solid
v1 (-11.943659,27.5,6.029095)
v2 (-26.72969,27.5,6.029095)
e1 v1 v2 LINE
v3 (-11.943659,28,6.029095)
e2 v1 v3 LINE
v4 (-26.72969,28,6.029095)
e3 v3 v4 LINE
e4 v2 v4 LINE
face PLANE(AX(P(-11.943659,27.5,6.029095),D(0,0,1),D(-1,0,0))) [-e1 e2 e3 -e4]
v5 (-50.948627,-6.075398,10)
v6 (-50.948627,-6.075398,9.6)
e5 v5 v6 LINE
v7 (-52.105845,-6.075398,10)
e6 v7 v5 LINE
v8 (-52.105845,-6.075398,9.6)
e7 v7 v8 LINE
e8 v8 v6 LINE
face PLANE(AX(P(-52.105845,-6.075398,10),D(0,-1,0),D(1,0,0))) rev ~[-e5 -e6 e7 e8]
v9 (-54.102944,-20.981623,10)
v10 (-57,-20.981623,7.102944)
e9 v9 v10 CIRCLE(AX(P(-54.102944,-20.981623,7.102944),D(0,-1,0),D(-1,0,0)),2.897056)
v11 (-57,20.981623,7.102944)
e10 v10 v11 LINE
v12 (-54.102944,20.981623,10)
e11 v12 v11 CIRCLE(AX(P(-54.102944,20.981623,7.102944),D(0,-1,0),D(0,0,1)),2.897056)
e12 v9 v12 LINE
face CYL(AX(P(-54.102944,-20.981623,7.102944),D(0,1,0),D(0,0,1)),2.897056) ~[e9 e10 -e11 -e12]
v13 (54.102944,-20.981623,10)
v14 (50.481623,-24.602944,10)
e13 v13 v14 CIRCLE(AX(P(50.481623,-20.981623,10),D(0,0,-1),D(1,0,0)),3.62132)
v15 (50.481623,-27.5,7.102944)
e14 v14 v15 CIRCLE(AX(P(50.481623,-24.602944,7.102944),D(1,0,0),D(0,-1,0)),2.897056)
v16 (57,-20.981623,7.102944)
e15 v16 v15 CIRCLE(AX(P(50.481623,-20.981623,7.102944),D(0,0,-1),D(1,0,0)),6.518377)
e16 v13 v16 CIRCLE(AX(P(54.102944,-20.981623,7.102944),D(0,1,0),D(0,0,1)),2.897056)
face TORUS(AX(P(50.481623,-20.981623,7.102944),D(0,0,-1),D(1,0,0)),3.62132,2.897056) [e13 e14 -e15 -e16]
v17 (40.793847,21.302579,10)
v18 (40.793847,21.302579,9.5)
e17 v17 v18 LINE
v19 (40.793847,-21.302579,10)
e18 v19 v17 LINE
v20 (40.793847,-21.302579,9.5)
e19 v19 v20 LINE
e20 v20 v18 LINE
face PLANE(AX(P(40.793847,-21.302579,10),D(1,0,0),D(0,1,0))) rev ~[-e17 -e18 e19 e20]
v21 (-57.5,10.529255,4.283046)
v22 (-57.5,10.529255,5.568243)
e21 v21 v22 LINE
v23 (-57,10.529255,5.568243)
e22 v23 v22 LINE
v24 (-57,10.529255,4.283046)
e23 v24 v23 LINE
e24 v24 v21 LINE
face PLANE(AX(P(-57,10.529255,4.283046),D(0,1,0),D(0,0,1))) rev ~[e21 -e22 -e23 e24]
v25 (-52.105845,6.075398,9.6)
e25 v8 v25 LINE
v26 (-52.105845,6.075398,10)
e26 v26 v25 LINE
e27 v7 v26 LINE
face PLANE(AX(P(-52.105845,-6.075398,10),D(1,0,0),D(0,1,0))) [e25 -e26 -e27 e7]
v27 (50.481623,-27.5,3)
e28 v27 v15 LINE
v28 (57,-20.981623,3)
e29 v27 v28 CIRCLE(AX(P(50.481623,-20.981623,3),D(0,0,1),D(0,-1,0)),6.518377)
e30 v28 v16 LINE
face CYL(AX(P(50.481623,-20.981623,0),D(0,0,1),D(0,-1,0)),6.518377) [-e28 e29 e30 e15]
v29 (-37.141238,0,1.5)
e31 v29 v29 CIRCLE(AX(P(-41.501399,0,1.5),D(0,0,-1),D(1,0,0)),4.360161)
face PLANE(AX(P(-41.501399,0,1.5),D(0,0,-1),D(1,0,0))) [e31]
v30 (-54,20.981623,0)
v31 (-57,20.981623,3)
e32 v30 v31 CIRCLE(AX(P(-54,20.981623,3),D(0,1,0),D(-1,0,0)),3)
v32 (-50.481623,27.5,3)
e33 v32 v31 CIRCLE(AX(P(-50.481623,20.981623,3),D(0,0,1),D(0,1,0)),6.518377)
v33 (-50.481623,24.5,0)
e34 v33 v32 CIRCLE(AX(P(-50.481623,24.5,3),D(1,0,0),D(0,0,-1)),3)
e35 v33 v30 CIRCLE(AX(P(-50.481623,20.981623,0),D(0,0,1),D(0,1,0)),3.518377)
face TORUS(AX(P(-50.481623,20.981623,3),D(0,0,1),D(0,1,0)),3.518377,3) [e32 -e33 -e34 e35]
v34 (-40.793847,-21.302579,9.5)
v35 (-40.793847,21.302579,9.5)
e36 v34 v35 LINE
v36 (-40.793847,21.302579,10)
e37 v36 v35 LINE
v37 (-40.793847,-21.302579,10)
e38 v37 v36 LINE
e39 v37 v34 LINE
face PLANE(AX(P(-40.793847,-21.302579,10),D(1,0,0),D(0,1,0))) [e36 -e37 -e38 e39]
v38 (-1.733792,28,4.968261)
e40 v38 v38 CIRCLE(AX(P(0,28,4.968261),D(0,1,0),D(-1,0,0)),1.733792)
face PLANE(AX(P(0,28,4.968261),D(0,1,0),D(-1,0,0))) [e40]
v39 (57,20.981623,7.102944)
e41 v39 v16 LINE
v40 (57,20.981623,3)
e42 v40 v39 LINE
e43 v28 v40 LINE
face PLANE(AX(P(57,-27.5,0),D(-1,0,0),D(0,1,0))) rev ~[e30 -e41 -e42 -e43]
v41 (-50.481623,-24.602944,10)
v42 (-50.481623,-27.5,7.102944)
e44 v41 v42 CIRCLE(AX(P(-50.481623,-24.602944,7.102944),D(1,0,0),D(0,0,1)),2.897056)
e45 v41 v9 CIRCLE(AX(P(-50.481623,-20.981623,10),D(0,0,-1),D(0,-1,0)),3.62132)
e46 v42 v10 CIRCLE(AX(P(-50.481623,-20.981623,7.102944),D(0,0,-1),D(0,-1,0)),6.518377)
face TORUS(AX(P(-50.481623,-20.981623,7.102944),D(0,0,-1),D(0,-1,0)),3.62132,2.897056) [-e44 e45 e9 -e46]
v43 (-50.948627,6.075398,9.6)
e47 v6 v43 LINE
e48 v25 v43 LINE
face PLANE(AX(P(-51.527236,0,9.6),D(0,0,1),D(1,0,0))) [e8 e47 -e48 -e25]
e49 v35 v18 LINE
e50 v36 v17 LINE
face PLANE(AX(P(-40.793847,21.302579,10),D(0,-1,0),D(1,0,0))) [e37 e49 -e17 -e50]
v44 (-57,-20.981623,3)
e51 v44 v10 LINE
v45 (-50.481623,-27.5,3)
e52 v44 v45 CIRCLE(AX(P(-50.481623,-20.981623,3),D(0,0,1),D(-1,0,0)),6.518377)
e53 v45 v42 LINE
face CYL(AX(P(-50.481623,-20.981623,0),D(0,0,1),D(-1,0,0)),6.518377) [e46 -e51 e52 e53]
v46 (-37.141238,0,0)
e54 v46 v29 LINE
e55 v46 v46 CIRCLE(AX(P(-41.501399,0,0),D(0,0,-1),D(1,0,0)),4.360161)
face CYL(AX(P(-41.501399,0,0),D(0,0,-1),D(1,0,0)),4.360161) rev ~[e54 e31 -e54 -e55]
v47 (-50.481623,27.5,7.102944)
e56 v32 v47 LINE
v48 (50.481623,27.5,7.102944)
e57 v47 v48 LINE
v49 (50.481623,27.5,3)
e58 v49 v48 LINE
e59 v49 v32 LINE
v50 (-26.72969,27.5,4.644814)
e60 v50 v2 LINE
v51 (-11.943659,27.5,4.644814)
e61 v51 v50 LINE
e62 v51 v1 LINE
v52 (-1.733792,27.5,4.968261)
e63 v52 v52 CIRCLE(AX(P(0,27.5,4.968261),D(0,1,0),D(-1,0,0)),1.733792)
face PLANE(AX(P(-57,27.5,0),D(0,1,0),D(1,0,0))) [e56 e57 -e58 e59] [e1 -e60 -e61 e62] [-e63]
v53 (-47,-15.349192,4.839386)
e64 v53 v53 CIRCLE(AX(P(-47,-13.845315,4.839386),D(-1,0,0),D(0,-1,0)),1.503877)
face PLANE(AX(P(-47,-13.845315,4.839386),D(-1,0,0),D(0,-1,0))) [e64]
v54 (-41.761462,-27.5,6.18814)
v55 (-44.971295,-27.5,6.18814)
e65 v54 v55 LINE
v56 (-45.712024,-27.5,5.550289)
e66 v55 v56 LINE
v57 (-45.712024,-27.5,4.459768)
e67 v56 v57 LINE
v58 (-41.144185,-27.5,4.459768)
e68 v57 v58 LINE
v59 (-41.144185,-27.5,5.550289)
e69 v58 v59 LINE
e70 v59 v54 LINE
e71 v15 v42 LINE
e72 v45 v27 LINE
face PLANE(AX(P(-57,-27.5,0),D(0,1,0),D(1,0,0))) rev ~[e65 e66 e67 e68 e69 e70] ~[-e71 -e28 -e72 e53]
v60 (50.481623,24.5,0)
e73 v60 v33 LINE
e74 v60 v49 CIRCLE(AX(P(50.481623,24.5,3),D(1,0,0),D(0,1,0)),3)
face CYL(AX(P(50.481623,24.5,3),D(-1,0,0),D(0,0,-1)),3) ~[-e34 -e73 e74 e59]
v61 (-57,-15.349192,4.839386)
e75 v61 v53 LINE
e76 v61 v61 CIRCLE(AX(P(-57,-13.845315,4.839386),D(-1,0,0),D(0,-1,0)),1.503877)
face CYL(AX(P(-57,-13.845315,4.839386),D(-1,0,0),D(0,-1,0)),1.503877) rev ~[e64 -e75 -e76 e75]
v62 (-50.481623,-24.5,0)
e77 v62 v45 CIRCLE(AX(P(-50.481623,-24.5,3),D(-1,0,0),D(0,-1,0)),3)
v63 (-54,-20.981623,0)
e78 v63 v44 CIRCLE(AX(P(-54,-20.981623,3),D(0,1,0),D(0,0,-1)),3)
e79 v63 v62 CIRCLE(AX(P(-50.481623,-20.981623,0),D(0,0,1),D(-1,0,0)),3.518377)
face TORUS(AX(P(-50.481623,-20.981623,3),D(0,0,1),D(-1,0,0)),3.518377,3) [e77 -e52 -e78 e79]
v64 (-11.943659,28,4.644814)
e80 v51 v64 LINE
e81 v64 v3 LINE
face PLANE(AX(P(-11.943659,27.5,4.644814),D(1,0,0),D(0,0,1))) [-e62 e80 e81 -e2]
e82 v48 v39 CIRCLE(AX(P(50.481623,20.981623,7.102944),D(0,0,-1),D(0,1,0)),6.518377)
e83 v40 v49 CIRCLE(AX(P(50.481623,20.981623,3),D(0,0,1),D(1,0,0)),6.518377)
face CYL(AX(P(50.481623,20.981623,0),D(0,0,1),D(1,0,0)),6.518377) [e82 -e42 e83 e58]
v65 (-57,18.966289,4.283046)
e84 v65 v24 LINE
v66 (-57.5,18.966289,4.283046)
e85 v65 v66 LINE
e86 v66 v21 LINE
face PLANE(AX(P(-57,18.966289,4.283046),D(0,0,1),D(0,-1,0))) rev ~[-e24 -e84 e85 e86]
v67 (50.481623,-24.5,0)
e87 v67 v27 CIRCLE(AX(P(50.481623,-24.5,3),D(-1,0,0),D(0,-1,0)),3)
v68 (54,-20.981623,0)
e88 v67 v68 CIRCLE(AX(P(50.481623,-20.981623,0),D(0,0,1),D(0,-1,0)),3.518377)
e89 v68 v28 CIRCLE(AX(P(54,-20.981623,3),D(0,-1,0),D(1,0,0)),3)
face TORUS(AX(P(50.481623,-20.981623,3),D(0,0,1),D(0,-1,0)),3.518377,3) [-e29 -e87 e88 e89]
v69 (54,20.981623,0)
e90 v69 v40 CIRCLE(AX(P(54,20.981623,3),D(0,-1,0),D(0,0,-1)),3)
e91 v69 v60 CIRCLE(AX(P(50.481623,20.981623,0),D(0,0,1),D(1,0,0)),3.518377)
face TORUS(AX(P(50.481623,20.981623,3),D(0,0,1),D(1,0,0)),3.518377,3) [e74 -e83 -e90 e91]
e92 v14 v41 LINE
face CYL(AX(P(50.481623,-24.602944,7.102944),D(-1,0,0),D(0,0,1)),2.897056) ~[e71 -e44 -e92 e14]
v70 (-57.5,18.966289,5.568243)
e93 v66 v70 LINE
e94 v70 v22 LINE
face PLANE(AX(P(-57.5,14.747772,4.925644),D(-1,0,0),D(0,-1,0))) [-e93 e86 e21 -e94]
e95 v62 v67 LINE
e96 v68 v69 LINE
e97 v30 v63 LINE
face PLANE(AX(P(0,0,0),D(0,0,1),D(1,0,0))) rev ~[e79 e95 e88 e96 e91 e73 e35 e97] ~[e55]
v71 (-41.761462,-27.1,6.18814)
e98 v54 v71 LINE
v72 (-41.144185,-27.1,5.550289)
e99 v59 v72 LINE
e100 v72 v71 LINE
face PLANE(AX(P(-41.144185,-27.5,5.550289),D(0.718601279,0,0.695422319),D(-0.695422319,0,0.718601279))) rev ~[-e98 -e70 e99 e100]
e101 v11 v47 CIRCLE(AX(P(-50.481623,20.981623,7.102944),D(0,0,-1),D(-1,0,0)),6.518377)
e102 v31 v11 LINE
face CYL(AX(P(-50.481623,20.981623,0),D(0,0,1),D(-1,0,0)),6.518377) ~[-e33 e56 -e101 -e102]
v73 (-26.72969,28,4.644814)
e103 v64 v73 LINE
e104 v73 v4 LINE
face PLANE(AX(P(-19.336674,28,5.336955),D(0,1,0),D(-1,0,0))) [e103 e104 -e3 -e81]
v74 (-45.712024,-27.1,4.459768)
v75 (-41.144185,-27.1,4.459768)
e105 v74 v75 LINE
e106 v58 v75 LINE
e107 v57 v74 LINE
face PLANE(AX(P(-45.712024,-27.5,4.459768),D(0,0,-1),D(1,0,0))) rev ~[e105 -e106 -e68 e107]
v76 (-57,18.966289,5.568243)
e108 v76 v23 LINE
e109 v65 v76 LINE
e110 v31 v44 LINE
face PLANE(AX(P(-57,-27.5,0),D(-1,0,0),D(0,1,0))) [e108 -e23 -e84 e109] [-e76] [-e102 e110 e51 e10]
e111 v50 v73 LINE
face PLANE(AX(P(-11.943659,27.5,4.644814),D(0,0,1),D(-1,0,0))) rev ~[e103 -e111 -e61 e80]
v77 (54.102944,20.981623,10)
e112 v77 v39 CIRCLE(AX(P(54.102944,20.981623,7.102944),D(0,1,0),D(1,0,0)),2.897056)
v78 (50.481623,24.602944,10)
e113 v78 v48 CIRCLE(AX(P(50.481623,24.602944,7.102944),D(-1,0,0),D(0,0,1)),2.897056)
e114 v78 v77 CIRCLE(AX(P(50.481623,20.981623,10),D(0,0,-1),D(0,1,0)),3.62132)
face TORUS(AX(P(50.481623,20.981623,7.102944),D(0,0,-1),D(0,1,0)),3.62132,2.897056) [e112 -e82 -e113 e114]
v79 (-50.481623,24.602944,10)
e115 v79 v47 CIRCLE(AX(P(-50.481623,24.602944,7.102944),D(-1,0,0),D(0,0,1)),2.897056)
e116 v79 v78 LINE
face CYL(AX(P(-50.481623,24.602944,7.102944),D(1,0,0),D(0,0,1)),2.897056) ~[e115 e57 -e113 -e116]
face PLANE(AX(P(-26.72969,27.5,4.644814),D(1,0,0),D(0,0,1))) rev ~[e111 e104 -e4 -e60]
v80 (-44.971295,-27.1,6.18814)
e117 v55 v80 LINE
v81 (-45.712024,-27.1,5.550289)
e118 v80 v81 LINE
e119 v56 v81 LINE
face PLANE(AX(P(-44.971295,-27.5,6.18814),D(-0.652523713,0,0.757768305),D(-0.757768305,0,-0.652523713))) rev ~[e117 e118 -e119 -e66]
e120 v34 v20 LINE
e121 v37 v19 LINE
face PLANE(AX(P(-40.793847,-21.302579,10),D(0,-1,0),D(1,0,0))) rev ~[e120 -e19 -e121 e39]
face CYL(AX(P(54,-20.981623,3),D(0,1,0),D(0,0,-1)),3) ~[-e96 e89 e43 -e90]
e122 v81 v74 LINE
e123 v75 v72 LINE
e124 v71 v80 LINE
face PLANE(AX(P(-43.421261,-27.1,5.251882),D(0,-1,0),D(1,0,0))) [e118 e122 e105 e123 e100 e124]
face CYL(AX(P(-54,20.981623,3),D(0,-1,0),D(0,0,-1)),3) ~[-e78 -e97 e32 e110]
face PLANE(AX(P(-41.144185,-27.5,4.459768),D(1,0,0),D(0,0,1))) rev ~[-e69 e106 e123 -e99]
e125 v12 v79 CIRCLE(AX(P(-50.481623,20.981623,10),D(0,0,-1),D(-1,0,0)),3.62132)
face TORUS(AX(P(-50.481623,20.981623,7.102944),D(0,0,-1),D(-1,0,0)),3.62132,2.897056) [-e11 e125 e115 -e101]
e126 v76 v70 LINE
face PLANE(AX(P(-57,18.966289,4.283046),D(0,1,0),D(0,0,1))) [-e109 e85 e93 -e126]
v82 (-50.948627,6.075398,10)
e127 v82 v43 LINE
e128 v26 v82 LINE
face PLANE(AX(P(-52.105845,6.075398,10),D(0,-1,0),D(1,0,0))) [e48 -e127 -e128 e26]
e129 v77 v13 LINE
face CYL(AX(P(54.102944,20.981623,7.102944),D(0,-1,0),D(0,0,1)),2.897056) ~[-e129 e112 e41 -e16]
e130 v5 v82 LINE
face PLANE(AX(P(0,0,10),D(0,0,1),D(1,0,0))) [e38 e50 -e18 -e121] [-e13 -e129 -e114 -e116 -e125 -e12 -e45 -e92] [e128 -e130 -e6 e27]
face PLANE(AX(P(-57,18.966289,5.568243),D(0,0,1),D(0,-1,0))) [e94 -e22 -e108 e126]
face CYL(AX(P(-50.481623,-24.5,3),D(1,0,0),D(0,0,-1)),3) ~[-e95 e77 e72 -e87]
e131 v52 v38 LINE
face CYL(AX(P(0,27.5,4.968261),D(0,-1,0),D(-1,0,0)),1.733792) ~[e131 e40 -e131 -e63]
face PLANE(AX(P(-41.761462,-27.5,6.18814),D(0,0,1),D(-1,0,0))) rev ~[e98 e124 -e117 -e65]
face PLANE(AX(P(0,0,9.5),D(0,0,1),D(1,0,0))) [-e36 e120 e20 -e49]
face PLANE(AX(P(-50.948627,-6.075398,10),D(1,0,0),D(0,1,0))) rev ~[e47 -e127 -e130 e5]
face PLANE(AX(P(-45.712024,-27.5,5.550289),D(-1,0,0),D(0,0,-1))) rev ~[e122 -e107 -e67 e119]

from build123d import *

# Parameters (mm, degrees)
F0_W      = 114
F0_H      = 55
F1_DEPTH  = 10
F2_R      = 6.5183766184
F3_R      = 3
F4_R      = 2.8970562748
F5_R      = 1.7337923038
F6_DEPTH  = 0.5
F7_W      = 14.7860310972
F7_H      = 1.384280622
F8_DEPTH  = 0.5
F9_R      = 4.3601608972
F10_DEPTH = 1.5
F11_W     = 1.1572175405
F11_H     = 12.150795199
F12_DEPTH = 0.4
F13_W     = 81.5876945853
F13_H     = 42.6051579416
F14_DEPTH = 0.5
F16_DEPTH = 0.4
F17_R     = 1.5038769237
F18_DEPTH = 10
F19_W     = 8.4370337427
F19_H     = 1.285196282
F20_DEPTH = 0.5


with BuildPart() as f1:
    # F0 (on Top) → F1 (new body)
    with BuildSketch(Plane.XY):
        Rectangle(F0_W, F0_H)
    extrude(amount=F1_DEPTH)

    # F2
    f2_edges = [f1.edges().sort_by_distance(p)[0] for p in [
        (57, -27.5, 5),
        (-57, -27.5, 5),
        (57, 27.5, 5),
        (-57, 27.5, 5),
    ]]
    fillet(f2_edges, radius=F2_R)

    # F3
    f3_edges = [f1.edges().sort_by_distance(p)[0] for p in [
        (55.090812, -25.590812, 0),
        (-55.090812, -25.590812, 0),
        (-55.090812, 25.590812, 0),
        (55.090812, 25.590812, 0),
    ]]
    fillet(f3_edges, radius=F3_R)

    # F4
    f4_edges = [f1.edges().sort_by_distance(p)[0] for p in [
        (0, 27.5, 10),
        (55.090812, 25.590812, 10),
        (-55.090812, 25.590812, 10),
        (57, 0, 10),
        (-57, 0, 10),
        (55.090812, -25.590812, 10),
        (-55.090812, -25.590812, 10),
        (0, -27.5, 10),
    ]]
    fillet(f4_edges, radius=F4_R)

    # F5 (on face) → F6 (join)
    with BuildSketch(Plane(origin=(0, 27.5, 0), x_dir=(-1, 0, 0), z_dir=(0, 1, 0))):
        with Locations((0, 4.9682608806)):
            Circle(F5_R)
    extrude(amount=F6_DEPTH)

    # F7 (on face) → F8 (join)
    with BuildSketch(Plane(origin=(0, 27.5, 0), x_dir=(-1, 0, 0), z_dir=(0, 1, 0))):
        with Locations((19.3366743624, 5.336954724)):
            Rectangle(F7_W, F7_H)
    extrude(amount=F8_DEPTH)

    # F9 (on face) → F10 (cut)
    with BuildSketch(Plane(origin=(0, 0, 0), x_dir=(1, 0, 0), z_dir=(0, 0, -1))):
        with Locations((-41.5013991296, 0)):
            Circle(F9_R)
    extrude(amount=-F10_DEPTH, mode=Mode.SUBTRACT)

    # F11 (on face) → F12 (cut)
    with BuildSketch(Plane.XY.offset(10)):
        with Locations((-51.5272360634, 0)):
            Rectangle(F11_W, F11_H)
    extrude(amount=-F12_DEPTH, mode=Mode.SUBTRACT)

    # F13 (on face) → F14 (cut)
    with BuildSketch(Plane.XY.offset(10)):
        Rectangle(F13_W, F13_H)
    extrude(amount=-F14_DEPTH, mode=Mode.SUBTRACT)

    # F15 (on face) → F16 (cut)
    with BuildSketch(Plane.XZ.offset(27.5)):
        Polygon((-41.7614616454, 6.1881397851), (-44.9712947011, 6.1881397851), (-45.7120239735, 5.5502885953), (-45.7120239735, 4.459768068), (-41.1441847682, 4.459768068), (-41.1441847682, 5.5502885953), align=None)
    extrude(amount=-F16_DEPTH, mode=Mode.SUBTRACT)

    # F17 (on face) → F18 (cut)
    with BuildSketch(Plane(origin=(-57, 0, 0), x_dir=(0, -1, 0), z_dir=(-1, 0, 0))):
        with Locations((13.8453152031, 4.8393858597)):
            Circle(F17_R)
    extrude(amount=-F18_DEPTH, mode=Mode.SUBTRACT)

    # F19 (on face) → F20 (join)
    with BuildSketch(Plane(origin=(-57, 0, 0), x_dir=(0, -1, 0), z_dir=(-1, 0, 0))):
        with Locations((-14.7477723658, 4.9256444909)):
            Rectangle(F19_W, F19_H)
    extrude(amount=F20_DEPTH)


solid = f1.part
